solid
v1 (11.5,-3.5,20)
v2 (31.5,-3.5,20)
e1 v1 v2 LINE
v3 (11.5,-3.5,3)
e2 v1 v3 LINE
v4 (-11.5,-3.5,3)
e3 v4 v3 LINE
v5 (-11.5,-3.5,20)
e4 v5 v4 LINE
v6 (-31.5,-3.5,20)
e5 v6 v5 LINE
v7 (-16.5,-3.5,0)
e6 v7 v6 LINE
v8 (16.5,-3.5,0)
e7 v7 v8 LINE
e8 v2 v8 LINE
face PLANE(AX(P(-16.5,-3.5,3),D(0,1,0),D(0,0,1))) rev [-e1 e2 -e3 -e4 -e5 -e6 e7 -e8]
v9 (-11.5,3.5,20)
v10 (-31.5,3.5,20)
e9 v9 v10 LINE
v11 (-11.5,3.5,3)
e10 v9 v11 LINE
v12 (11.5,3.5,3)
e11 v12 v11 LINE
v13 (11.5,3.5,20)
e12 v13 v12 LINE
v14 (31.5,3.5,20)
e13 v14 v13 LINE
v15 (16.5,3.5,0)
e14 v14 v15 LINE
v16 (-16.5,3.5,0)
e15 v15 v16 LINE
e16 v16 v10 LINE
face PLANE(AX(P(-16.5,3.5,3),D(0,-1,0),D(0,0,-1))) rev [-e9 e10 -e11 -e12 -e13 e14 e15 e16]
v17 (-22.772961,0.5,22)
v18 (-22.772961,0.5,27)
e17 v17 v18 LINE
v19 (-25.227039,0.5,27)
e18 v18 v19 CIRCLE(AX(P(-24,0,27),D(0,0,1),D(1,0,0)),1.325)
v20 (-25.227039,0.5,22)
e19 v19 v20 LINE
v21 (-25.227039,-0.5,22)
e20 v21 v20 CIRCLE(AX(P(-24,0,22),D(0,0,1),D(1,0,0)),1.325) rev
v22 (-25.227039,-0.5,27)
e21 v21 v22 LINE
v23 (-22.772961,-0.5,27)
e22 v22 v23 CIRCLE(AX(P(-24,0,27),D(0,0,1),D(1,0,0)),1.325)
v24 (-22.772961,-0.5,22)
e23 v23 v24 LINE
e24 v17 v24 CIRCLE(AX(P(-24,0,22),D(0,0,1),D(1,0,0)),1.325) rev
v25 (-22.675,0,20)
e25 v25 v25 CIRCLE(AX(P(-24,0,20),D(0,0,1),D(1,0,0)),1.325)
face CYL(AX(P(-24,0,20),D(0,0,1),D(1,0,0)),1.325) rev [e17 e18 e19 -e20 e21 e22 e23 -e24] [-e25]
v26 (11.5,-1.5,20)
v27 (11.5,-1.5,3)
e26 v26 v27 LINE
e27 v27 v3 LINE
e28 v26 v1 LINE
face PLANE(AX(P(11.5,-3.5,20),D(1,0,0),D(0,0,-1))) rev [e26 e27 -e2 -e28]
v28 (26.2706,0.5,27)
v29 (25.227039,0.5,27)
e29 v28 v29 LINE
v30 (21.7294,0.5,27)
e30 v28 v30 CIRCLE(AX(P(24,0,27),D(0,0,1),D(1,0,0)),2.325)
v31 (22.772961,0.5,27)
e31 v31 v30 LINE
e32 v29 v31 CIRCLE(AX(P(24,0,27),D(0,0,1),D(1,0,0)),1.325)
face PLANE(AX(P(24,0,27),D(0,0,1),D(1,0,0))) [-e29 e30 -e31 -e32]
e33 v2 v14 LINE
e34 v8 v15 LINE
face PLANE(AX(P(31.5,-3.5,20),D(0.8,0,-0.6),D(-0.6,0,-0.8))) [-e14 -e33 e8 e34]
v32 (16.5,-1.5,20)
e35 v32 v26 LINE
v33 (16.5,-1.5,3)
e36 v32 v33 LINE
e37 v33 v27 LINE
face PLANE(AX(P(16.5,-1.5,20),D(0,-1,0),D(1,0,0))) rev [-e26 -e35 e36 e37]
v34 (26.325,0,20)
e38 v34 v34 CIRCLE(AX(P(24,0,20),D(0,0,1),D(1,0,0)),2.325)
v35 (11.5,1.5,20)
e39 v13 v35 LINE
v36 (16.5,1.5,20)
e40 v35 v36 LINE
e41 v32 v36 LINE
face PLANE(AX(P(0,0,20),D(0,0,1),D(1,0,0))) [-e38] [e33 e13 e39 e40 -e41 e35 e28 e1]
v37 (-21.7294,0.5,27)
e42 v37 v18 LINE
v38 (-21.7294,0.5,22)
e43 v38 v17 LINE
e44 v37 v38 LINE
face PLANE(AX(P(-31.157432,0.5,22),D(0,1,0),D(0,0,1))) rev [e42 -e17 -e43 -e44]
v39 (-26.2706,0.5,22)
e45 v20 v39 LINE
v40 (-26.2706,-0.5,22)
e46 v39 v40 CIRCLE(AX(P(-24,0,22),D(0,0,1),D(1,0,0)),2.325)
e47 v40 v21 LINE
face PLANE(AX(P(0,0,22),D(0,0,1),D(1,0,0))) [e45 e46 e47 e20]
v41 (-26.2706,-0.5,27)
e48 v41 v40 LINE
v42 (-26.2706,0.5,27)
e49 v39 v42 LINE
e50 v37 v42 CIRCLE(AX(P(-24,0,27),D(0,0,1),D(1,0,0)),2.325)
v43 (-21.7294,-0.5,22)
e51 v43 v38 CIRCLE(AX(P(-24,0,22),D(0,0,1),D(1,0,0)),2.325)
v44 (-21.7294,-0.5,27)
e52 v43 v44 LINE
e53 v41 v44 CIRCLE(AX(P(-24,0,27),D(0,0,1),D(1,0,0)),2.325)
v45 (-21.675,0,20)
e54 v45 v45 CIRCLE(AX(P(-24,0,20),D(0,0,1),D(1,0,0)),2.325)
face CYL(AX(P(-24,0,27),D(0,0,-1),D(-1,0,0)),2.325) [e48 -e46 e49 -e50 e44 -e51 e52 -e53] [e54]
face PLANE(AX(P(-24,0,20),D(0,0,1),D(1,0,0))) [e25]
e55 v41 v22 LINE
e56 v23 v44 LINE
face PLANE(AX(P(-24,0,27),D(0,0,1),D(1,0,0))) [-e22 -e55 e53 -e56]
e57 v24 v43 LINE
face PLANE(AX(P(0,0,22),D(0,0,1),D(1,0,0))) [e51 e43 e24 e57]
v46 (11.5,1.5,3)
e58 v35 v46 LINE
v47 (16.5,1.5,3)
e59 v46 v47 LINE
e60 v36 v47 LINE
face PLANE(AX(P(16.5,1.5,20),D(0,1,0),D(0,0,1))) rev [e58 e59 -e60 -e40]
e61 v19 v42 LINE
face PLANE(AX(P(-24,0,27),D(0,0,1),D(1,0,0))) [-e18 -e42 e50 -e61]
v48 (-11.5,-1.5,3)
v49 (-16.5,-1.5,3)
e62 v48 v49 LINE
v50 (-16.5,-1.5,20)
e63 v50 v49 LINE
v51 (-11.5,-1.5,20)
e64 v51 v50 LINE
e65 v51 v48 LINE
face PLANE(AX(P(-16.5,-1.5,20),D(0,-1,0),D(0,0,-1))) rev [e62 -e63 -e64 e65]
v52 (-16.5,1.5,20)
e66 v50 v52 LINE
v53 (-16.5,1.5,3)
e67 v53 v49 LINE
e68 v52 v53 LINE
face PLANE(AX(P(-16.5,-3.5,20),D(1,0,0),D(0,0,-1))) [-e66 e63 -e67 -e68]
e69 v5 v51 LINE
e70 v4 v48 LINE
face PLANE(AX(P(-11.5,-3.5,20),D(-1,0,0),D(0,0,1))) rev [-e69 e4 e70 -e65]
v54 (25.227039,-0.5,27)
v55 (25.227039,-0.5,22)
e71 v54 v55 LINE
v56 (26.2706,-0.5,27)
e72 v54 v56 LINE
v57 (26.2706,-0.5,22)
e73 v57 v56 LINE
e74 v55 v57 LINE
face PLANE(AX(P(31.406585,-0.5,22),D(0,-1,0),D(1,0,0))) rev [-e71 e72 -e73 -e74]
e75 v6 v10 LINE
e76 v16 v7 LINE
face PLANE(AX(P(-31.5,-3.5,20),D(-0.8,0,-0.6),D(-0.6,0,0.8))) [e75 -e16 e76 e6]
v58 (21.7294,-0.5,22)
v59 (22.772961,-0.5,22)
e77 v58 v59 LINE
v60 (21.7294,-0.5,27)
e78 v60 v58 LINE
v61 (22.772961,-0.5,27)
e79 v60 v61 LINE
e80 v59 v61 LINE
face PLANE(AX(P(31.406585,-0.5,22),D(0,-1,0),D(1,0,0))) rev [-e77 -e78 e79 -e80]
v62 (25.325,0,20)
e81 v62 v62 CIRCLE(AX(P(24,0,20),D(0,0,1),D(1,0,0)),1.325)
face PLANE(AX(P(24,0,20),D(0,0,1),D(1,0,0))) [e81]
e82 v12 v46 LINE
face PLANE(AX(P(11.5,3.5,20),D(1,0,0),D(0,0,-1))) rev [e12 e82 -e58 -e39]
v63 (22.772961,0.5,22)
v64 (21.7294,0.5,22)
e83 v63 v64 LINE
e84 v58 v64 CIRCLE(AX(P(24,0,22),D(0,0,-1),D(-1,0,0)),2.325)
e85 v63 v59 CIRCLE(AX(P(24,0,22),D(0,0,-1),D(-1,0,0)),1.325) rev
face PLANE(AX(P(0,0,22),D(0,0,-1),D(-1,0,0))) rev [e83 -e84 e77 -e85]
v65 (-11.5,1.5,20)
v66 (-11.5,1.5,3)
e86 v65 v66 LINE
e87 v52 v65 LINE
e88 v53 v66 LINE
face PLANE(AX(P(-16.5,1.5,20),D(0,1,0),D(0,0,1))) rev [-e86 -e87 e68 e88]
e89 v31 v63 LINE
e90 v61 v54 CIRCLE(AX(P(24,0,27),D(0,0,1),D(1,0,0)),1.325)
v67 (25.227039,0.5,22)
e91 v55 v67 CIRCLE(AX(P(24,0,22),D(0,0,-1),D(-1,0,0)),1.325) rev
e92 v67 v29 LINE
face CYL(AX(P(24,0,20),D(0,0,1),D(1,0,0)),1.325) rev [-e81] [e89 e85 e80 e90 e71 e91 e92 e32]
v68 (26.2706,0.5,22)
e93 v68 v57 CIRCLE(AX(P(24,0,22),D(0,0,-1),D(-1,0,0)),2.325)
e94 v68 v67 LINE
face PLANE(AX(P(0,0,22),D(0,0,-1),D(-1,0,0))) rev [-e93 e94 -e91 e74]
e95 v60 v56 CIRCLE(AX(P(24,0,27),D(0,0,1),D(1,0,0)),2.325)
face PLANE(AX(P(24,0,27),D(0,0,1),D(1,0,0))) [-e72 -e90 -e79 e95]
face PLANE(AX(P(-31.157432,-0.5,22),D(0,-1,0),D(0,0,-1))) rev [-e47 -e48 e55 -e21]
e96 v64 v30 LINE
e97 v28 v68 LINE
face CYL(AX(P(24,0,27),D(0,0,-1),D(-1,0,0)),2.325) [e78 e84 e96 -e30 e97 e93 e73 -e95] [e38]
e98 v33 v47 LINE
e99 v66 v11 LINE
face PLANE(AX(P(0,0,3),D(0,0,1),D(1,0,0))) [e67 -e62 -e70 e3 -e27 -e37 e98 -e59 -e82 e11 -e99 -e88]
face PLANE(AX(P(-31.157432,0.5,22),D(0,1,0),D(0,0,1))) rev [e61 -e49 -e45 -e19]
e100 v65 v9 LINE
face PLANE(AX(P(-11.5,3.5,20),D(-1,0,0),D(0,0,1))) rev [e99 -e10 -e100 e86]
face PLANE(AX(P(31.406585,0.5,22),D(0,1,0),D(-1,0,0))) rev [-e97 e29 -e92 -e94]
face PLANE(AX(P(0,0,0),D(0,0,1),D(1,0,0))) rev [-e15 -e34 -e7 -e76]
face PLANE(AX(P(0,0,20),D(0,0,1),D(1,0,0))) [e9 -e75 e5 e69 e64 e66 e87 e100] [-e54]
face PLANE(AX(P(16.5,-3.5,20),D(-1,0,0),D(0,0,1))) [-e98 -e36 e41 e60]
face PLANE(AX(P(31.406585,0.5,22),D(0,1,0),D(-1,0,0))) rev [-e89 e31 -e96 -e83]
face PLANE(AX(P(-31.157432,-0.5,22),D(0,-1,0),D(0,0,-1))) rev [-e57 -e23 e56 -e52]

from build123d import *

# Parameters (mm, degrees)
SKETCH1_W           = 33
SKETCH1_H           = 7
BOSS_EXTRUDE1_DEPTH = 3
SKETCH2_W           = 5
SKETCH2_H           = 2
BOSS_EXTRUDE2_DEPTH = 17
BOSS_EXTRUDE3_DEPTH = 7
SKETCH4_R           = 2.325
BOSS_EXTRUDE4_DEPTH = 7
SKETCH5_R           = 1.325
CUT_EXTRUDE1_DEPTH  = 7
SKETCH6_W           = 9.664864402
SKETCH6_H           = 1
SKETCH6_W_2         = 10.163169966
CUT_EXTRUDE2_DEPTH  = 5


with BuildPart() as part:
    # Sketch1 → Boss-Extrude1 (new body)
    with BuildSketch(Plane.XY):
        Rectangle(SKETCH1_W, SKETCH1_H)
    extrude(amount=BOSS_EXTRUDE1_DEPTH)

    # Sketch2 → Boss-Extrude2 (add)
    with BuildSketch(Plane.XY.offset(3)):
        with Locations((-14, 2.5)):
            Rectangle(SKETCH2_W, SKETCH2_H)
        with Locations((-14, -2.5)):
            Rectangle(SKETCH2_W, SKETCH2_H)
        with Locations((14, -2.5)):
            Rectangle(SKETCH2_W, SKETCH2_H)
        with Locations((14, 2.5)):
            Rectangle(SKETCH2_W, SKETCH2_H)
    extrude(amount=BOSS_EXTRUDE2_DEPTH)

    # Sketch3 → Boss-Extrude3 (add)
    with BuildSketch(Plane(origin=(0, 3.5, 0), x_dir=(1, 0, 0), z_dir=(0, 1, 0))):
        Polygon((-16.5, -20), (-31.5, -20), (-16.5, 0), align=None)
        Polygon((16.5, -20), (31.5, -20), (16.5, 0), align=None)
    extrude(amount=-BOSS_EXTRUDE3_DEPTH)

    # Sketch4 → Boss-Extrude4 (add)
    with BuildSketch(Plane.XY.offset(20)):
        with Locations((24, 0)):
            Circle(SKETCH4_R)
        with Locations((-24, 0)):
            Circle(SKETCH4_R)
    extrude(amount=BOSS_EXTRUDE4_DEPTH)

    # Sketch5 → Cut-Extrude1 (cut)
    with BuildSketch(Plane.XY.offset(27)):
        with Locations((-24, 0)):
            Circle(SKETCH5_R)
        with Locations((24, 0)):
            Circle(SKETCH5_R)
    extrude(amount=-CUT_EXTRUDE1_DEPTH, mode=Mode.SUBTRACT)

    # Sketch6 → Cut-Extrude2 (cut)
    with BuildSketch(Plane.XY.offset(27)):
        with Locations((-26.325, 0)):
            Rectangle(SKETCH6_W, SKETCH6_H)
        with Locations((26.325, 0)):
            Rectangle(SKETCH6_W_2, SKETCH6_H)
    extrude(amount=-CUT_EXTRUDE2_DEPTH, mode=Mode.SUBTRACT)


solid = part.part
